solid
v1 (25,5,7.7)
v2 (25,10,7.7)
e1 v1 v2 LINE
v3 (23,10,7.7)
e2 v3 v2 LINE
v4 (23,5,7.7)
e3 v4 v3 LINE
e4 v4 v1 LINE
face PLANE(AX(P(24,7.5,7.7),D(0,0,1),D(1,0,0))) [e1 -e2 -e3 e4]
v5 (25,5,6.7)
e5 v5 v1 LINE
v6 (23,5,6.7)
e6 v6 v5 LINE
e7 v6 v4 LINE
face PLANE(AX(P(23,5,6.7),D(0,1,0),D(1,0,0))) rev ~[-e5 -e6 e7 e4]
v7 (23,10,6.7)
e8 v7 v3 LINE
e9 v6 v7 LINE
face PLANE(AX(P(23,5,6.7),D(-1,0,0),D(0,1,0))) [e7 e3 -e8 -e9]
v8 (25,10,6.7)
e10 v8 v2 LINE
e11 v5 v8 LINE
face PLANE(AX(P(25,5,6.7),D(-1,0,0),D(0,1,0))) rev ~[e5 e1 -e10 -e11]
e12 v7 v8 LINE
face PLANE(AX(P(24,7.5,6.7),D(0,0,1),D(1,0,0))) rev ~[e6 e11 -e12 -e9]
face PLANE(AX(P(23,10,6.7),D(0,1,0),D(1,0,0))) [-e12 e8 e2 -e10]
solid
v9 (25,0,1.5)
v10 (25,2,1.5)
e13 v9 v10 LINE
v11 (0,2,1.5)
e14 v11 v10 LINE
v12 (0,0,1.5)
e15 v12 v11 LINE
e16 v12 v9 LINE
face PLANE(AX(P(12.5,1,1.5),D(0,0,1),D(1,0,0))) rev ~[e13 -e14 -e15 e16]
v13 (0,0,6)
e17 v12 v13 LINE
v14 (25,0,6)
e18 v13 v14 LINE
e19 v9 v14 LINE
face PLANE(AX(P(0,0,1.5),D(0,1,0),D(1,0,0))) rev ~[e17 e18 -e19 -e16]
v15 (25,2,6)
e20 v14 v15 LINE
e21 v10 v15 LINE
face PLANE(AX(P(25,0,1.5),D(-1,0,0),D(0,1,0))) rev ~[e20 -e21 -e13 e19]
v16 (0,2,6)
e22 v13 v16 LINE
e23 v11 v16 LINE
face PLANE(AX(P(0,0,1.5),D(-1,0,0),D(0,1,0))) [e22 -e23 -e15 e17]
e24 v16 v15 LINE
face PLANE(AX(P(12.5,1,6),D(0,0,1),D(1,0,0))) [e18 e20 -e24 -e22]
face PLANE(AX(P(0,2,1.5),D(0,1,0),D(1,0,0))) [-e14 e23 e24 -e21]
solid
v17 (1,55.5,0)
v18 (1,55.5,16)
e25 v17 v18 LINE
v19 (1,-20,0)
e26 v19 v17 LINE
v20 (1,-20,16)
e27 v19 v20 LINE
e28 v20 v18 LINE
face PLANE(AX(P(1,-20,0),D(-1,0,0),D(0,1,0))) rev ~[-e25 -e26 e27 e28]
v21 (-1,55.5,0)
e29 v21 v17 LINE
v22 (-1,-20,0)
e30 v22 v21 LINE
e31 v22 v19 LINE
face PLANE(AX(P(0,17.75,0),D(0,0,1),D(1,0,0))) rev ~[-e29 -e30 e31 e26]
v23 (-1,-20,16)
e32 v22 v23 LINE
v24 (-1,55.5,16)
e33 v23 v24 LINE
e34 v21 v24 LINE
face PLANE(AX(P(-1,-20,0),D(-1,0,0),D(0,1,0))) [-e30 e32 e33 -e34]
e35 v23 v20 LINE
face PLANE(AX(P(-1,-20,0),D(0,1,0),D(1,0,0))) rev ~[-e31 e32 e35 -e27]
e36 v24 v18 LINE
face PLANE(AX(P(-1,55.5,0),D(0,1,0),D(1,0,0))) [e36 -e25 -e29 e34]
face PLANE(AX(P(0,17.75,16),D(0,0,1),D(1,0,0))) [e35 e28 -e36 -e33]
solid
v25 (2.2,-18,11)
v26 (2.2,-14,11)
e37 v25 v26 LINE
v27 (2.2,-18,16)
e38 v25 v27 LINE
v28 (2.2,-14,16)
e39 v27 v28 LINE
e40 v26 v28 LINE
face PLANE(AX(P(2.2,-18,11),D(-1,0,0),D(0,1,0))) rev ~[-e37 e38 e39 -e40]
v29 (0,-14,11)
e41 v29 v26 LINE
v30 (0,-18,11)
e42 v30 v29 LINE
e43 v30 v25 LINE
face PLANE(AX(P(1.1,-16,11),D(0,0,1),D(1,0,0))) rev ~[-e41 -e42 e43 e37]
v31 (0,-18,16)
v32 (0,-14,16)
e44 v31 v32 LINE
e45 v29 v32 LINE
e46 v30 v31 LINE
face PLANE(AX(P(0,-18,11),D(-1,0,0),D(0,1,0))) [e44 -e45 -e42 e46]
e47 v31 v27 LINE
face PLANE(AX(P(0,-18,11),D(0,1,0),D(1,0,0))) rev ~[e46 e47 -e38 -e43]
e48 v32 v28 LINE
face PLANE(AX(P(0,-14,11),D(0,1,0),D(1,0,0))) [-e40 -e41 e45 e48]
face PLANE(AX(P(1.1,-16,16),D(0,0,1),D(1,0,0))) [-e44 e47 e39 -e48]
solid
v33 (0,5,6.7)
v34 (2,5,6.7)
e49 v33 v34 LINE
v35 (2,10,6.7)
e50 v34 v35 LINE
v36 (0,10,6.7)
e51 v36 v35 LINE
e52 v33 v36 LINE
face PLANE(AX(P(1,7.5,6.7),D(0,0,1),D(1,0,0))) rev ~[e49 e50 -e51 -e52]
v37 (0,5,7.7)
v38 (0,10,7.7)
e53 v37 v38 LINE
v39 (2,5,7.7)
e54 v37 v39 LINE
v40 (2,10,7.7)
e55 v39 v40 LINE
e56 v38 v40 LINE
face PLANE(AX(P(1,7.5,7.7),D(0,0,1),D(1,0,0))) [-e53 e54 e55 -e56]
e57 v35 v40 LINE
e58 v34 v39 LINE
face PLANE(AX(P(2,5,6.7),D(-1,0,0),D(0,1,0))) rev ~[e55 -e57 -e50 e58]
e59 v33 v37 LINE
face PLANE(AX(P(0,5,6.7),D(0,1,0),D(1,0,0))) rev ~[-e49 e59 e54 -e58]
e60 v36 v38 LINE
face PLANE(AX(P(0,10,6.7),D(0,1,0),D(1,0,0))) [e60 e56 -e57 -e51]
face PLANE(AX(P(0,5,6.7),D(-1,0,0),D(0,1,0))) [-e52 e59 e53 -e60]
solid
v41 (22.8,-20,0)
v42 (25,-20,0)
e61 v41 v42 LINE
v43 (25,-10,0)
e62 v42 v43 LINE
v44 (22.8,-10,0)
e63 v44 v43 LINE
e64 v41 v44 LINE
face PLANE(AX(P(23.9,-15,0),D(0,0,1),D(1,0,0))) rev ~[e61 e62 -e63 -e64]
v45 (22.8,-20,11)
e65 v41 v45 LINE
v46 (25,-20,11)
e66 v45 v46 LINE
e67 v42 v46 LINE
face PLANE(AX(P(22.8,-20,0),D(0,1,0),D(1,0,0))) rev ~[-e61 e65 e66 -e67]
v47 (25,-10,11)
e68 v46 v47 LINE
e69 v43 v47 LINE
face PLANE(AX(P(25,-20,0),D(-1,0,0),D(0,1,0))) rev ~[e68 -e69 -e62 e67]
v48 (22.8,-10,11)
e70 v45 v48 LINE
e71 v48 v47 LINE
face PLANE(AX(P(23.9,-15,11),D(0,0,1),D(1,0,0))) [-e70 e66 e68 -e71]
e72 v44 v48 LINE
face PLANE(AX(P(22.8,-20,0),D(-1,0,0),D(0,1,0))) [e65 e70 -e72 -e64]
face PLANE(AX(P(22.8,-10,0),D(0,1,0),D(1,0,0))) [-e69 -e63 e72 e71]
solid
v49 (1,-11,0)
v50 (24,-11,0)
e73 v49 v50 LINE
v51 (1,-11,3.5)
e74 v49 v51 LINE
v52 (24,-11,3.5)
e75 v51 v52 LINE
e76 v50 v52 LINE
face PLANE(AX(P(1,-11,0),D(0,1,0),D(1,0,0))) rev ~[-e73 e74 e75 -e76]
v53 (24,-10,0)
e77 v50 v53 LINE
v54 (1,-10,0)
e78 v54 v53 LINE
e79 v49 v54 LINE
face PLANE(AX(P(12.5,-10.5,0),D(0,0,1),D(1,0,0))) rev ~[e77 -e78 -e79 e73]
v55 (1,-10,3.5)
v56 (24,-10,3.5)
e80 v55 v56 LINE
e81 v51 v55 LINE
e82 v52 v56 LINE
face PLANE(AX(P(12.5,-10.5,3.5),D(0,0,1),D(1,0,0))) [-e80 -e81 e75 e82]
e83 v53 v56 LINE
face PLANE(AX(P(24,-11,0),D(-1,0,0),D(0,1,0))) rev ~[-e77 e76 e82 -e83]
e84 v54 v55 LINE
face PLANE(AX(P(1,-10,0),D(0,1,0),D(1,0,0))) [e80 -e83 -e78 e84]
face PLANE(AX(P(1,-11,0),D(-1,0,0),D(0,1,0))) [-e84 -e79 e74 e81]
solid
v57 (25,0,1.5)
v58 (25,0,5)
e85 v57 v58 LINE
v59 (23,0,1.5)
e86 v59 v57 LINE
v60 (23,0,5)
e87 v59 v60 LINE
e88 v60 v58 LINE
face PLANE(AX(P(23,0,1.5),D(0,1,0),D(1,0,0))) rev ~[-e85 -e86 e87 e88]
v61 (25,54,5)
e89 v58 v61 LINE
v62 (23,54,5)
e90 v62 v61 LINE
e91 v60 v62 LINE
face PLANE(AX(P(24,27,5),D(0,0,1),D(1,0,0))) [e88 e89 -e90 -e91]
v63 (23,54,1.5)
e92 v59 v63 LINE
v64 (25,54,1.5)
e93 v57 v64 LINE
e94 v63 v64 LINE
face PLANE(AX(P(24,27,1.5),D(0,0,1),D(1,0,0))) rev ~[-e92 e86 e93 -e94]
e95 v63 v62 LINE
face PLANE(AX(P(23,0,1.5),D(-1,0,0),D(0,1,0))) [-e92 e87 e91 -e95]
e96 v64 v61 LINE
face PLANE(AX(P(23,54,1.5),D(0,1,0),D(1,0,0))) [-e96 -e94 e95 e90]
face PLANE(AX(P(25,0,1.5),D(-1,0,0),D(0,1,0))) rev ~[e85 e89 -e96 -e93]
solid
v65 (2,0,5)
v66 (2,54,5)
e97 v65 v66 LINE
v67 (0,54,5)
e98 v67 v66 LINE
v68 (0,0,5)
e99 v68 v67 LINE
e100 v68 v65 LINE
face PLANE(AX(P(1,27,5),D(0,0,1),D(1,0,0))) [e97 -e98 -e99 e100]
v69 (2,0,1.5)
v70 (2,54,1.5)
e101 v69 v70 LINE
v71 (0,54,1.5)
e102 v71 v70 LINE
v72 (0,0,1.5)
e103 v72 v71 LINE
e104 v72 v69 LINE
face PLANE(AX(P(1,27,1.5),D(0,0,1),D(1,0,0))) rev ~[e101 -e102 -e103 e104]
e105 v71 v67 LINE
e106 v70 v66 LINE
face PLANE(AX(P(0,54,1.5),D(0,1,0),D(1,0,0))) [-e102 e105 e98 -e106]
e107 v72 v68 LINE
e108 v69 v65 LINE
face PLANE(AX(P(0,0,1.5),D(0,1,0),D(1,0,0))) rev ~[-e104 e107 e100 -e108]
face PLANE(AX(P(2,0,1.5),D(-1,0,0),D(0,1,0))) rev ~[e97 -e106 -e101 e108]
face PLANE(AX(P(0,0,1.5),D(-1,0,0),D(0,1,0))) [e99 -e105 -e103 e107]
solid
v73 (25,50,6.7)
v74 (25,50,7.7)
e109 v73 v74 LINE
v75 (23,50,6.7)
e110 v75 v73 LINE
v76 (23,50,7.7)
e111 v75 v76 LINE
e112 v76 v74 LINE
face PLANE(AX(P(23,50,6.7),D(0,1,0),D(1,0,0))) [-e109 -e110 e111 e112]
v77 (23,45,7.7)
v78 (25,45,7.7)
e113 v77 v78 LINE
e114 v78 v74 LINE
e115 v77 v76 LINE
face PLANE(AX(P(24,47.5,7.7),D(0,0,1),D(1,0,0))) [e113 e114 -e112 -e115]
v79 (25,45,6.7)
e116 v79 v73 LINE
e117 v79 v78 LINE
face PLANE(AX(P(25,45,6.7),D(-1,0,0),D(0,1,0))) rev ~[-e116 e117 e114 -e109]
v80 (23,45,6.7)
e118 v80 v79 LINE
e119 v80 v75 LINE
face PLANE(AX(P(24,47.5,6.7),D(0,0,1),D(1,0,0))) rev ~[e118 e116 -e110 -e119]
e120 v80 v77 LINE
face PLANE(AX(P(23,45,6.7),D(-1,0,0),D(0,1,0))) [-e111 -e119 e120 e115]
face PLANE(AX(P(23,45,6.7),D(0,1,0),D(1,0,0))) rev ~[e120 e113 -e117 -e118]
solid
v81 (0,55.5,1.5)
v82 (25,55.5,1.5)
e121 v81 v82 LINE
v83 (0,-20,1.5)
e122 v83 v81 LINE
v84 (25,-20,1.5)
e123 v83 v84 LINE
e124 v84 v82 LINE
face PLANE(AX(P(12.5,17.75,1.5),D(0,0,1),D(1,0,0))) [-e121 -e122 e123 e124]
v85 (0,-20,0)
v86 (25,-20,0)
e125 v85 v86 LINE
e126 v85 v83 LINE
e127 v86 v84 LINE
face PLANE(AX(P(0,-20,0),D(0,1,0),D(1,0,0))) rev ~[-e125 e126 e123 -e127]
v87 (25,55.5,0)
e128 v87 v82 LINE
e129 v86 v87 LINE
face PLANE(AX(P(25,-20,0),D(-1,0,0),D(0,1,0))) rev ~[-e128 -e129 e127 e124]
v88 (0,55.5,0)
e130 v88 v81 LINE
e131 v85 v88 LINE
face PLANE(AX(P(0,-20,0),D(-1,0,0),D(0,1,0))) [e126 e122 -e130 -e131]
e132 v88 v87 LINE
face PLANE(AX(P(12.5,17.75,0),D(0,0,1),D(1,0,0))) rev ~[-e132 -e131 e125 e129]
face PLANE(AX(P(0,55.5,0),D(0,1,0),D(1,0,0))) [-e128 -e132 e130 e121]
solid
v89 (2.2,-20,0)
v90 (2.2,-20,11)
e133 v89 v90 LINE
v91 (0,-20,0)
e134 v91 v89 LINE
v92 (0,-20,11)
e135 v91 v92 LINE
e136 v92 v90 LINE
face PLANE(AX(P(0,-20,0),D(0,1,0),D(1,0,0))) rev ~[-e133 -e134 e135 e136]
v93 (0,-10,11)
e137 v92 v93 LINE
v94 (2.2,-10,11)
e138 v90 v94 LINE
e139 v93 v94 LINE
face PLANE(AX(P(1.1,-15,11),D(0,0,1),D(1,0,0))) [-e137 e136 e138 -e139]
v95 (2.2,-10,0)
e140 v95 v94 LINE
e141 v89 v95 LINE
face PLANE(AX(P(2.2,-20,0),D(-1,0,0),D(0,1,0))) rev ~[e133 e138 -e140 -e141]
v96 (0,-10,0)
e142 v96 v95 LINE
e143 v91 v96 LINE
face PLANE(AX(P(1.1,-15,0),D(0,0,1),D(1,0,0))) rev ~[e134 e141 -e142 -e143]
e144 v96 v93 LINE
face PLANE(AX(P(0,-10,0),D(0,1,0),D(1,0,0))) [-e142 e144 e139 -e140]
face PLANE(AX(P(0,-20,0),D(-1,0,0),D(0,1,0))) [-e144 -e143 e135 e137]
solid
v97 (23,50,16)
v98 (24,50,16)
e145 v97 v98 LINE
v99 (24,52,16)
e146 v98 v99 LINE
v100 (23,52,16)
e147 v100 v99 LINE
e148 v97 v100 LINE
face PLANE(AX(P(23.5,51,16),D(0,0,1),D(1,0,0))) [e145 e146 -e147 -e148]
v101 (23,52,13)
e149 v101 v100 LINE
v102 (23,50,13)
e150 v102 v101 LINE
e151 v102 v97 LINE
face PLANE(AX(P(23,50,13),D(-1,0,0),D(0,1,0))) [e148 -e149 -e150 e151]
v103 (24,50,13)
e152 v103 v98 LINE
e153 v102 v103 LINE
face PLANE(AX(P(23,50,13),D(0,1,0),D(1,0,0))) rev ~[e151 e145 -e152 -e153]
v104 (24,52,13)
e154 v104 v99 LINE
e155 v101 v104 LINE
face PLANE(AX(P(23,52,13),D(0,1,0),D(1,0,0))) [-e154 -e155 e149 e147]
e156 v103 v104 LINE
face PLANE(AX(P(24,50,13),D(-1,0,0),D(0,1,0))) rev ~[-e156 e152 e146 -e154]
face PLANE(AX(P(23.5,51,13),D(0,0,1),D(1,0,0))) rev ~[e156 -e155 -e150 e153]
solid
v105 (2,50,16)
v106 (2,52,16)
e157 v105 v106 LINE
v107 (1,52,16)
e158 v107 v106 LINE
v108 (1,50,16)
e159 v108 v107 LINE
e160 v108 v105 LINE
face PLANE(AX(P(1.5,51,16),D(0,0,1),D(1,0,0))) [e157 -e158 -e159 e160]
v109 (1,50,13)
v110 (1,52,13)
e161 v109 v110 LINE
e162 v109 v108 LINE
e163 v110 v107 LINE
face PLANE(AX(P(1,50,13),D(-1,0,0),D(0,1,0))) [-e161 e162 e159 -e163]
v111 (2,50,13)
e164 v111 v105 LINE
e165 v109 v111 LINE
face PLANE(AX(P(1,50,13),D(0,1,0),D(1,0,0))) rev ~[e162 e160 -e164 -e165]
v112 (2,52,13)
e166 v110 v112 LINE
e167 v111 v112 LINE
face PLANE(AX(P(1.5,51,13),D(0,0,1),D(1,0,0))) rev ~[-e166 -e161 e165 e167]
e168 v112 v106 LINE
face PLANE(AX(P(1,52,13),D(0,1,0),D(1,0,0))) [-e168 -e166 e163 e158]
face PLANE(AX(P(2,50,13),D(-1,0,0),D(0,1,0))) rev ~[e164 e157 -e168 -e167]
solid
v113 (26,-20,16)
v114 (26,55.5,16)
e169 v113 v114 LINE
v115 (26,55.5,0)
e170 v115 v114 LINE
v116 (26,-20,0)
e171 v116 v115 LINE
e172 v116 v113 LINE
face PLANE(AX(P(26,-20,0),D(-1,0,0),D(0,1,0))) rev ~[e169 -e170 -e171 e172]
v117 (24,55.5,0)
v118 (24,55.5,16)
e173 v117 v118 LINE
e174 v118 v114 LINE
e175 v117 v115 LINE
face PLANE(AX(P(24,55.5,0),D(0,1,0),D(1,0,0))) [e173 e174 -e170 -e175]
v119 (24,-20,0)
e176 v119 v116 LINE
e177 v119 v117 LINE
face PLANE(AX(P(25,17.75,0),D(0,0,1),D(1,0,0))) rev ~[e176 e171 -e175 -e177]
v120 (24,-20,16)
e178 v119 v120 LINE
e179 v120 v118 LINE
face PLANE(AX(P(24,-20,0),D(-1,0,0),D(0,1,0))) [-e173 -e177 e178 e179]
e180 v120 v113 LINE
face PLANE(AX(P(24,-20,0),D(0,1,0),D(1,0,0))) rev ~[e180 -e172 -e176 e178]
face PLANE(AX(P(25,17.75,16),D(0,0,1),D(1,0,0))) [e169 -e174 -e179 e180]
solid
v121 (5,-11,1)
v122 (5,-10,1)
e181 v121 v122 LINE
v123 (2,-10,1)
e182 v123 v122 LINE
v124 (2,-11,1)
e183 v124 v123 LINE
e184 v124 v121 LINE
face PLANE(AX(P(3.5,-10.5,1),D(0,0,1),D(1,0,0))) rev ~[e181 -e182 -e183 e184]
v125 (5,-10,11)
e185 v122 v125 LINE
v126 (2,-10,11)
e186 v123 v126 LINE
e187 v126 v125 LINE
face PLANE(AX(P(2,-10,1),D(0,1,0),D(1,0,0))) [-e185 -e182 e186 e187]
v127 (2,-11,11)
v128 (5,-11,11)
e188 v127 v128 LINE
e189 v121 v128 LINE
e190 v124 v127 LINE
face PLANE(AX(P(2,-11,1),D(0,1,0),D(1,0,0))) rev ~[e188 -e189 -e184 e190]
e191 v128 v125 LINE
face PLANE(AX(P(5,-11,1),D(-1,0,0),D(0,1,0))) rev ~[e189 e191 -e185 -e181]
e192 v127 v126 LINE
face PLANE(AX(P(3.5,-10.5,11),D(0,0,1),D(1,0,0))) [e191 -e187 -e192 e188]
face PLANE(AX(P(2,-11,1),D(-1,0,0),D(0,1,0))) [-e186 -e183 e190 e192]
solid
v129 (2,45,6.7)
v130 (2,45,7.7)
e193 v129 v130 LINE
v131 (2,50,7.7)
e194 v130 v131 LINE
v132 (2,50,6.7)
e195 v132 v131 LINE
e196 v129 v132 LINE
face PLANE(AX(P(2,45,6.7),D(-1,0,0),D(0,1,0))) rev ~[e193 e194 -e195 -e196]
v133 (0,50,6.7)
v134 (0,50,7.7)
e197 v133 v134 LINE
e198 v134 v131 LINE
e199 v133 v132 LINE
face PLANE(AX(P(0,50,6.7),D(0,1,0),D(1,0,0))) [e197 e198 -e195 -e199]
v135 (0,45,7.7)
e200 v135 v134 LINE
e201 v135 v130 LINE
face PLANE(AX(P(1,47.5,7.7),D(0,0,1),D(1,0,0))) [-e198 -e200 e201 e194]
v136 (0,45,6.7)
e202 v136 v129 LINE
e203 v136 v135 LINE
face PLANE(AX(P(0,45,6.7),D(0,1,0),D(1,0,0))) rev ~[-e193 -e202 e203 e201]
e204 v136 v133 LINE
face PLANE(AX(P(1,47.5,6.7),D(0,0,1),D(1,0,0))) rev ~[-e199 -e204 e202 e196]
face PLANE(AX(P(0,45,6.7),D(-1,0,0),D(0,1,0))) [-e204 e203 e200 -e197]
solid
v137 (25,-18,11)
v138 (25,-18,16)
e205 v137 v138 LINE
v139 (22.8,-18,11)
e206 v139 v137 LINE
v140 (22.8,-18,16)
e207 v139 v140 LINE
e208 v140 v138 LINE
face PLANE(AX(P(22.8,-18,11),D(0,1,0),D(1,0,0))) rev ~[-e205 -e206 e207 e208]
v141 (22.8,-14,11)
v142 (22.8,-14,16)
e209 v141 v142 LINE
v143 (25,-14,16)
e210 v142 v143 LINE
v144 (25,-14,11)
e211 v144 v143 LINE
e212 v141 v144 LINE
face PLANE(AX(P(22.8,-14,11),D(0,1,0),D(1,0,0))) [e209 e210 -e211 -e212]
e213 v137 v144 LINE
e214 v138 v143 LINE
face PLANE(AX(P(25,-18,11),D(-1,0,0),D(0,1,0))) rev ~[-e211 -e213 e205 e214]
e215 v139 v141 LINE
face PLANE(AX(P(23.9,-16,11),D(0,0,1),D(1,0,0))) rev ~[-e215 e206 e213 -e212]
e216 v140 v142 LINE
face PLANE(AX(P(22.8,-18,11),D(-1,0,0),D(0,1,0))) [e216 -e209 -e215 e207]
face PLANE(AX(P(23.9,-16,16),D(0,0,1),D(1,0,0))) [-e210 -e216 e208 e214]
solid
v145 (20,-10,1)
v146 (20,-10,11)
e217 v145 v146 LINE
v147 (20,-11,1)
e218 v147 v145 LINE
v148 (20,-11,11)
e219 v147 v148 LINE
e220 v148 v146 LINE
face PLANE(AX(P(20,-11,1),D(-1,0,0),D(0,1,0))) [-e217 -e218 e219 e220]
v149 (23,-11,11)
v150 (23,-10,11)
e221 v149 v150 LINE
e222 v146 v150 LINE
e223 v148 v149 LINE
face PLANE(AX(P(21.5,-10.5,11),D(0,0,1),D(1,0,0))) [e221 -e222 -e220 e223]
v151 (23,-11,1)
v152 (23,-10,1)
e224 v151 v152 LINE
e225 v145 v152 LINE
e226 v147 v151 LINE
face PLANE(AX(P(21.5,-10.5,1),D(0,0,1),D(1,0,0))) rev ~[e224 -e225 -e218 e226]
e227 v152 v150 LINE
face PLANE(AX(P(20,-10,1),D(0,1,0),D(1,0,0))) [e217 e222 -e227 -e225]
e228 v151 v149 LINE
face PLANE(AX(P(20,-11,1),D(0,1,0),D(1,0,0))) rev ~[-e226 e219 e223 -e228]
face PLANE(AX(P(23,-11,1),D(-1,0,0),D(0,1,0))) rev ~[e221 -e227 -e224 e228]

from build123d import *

# Parameters (mm, degrees)
BOX_W        = 25
BOX_H        = 75.5
BOX_DEPTH    = 1.5
BOX001_W     = 2
BOX001_H     = 54
BOX001_DEPTH = 3.5
BOX002_W     = 2
BOX002_H     = 75.5
BOX002_DEPTH = 16
BOX005_W     = 2
BOX005_H     = 54
BOX005_DEPTH = 3.5
BOX006_W     = 2
BOX006_H     = 75.5
BOX006_DEPTH = 16
BOX007_W     = 25
BOX007_H     = 2
BOX007_DEPTH = 4.5
BOX008_W     = 2
BOX008_H     = 5
BOX008_DEPTH = 1
BOX009_W     = 2
BOX009_H     = 5
BOX009_DEPTH = 1
BOX012_W     = 2
BOX012_H     = 5
BOX012_DEPTH = 1
BOX014_W     = 2
BOX014_H     = 5
BOX014_DEPTH = 1
BOX015_W     = 2.2
BOX015_H     = 10
BOX015_DEPTH = 11
BOX016_W     = 2.2
BOX016_H     = 10
BOX016_DEPTH = 11
BOX017_W     = 23
BOX017_H     = 1
BOX017_DEPTH = 3.5
BOX018_W     = 2.2
BOX018_H     = 4
BOX018_DEPTH = 5
BOX019_W     = 2.2
BOX019_H     = 4
BOX019_DEPTH = 5
BOX020_W     = 3
BOX020_H     = 1
BOX020_DEPTH = 10
BOX021_W     = 3
BOX021_H     = 1
BOX021_DEPTH = 10
BOX022_W     = 1
BOX022_H     = 2
BOX022_DEPTH = 3
BOX023_W     = 1
BOX023_H     = 2
BOX023_DEPTH = 3


with BuildPart() as kocka:
    # Box → Box (new body)
    with BuildSketch(Plane(origin=(0, -20, 0), x_dir=(1, 0, 0), z_dir=(0, 0, 1))):
        with Locations((12.5, 37.75)):
            Rectangle(BOX_W, BOX_H)
    extrude(amount=BOX_DEPTH)


with BuildPart() as kocka001:
    # Box001 → Box001 (new body)
    with BuildSketch(Plane.XY.offset(1.5)):
        with Locations((1, 27)):
            Rectangle(BOX001_W, BOX001_H)
    extrude(amount=BOX001_DEPTH)


with BuildPart() as kocka002:
    # Box002 → Box002 (new body)
    with BuildSketch(Plane(origin=(-1, -20, 0), x_dir=(1, 0, 0), z_dir=(0, 0, 1))):
        with Locations((1, 37.75)):
            Rectangle(BOX002_W, BOX002_H)
    extrude(amount=BOX002_DEPTH)


with BuildPart() as kocka005:
    # Box005 → Box005 (new body)
    with BuildSketch(Plane(origin=(23, 0, 1.5), x_dir=(1, 0, 0), z_dir=(0, 0, 1))):
        with Locations((1, 27)):
            Rectangle(BOX005_W, BOX005_H)
    extrude(amount=BOX005_DEPTH)


with BuildPart() as kocka006:
    # Box006 → Box006 (new body)
    with BuildSketch(Plane(origin=(24, -20, 0), x_dir=(1, 0, 0), z_dir=(0, 0, 1))):
        with Locations((1, 37.75)):
            Rectangle(BOX006_W, BOX006_H)
    extrude(amount=BOX006_DEPTH)


with BuildPart() as kocka007:
    # Box007 → Box007 (new body)
    with BuildSketch(Plane.XY.offset(1.5)):
        with Locations((12.5, 1)):
            Rectangle(BOX007_W, BOX007_H)
    extrude(amount=BOX007_DEPTH)


with BuildPart() as kocka008:
    # Box008 → Box008 (new body)
    with BuildSketch(Plane(origin=(0, 5, 6.7), x_dir=(1, 0, 0), z_dir=(0, 0, 1))):
        with Locations((1, 2.5)):
            Rectangle(BOX008_W, BOX008_H)
    extrude(amount=BOX008_DEPTH)


with BuildPart() as kocka009:
    # Box009 → Box009 (new body)
    with BuildSketch(Plane(origin=(0, 45, 6.7), x_dir=(1, 0, 0), z_dir=(0, 0, 1))):
        with Locations((1, 2.5)):
            Rectangle(BOX009_W, BOX009_H)
    extrude(amount=BOX009_DEPTH)


with BuildPart() as kocka012:
    # Box012 → Box012 (new body)
    with BuildSketch(Plane(origin=(23, 5, 6.7), x_dir=(1, 0, 0), z_dir=(0, 0, 1))):
        with Locations((1, 2.5)):
            Rectangle(BOX012_W, BOX012_H)
    extrude(amount=BOX012_DEPTH)


with BuildPart() as kocka014:
    # Box014 → Box014 (new body)
    with BuildSketch(Plane(origin=(23, 45, 6.7), x_dir=(1, 0, 0), z_dir=(0, 0, 1))):
        with Locations((1, 2.5)):
            Rectangle(BOX014_W, BOX014_H)
    extrude(amount=BOX014_DEPTH)


with BuildPart() as kocka015:
    # Box015 → Box015 (new body)
    with BuildSketch(Plane(origin=(0, -20, 0), x_dir=(1, 0, 0), z_dir=(0, 0, 1))):
        with Locations((1.1, 5)):
            Rectangle(BOX015_W, BOX015_H)
    extrude(amount=BOX015_DEPTH)


with BuildPart() as kocka016:
    # Box016 → Box016 (new body)
    with BuildSketch(Plane(origin=(22.8, -20, 0), x_dir=(1, 0, 0), z_dir=(0, 0, 1))):
        with Locations((1.1, 5)):
            Rectangle(BOX016_W, BOX016_H)
    extrude(amount=BOX016_DEPTH)


with BuildPart() as kocka017:
    # Box017 → Box017 (new body)
    with BuildSketch(Plane(origin=(1, -11, 0), x_dir=(1, 0, 0), z_dir=(0, 0, 1))):
        with Locations((11.5, 0.5)):
            Rectangle(BOX017_W, BOX017_H)
    extrude(amount=BOX017_DEPTH)


with BuildPart() as kocka018:
    # Box018 → Box018 (new body)
    with BuildSketch(Plane(origin=(0, -18, 11), x_dir=(1, 0, 0), z_dir=(0, 0, 1))):
        with Locations((1.1, 2)):
            Rectangle(BOX018_W, BOX018_H)
    extrude(amount=BOX018_DEPTH)


with BuildPart() as kocka019:
    # Box019 → Box019 (new body)
    with BuildSketch(Plane(origin=(22.8, -18, 11), x_dir=(1, 0, 0), z_dir=(0, 0, 1))):
        with Locations((1.1, 2)):
            Rectangle(BOX019_W, BOX019_H)
    extrude(amount=BOX019_DEPTH)


with BuildPart() as kocka020:
    # Box020 → Box020 (new body)
    with BuildSketch(Plane(origin=(2, -11, 1), x_dir=(1, 0, 0), z_dir=(0, 0, 1))):
        with Locations((1.5, 0.5)):
            Rectangle(BOX020_W, BOX020_H)
    extrude(amount=BOX020_DEPTH)


with BuildPart() as kocka021:
    # Box021 → Box021 (new body)
    with BuildSketch(Plane(origin=(20, -11, 1), x_dir=(1, 0, 0), z_dir=(0, 0, 1))):
        with Locations((1.5, 0.5)):
            Rectangle(BOX021_W, BOX021_H)
    extrude(amount=BOX021_DEPTH)


with BuildPart() as kocka022:
    # Box022 → Box022 (new body)
    with BuildSketch(Plane(origin=(1, 50, 13), x_dir=(1, 0, 0), z_dir=(0, 0, 1))):
        with Locations((0.5, 1)):
            Rectangle(BOX022_W, BOX022_H)
    extrude(amount=BOX022_DEPTH)


with BuildPart() as kocka023:
    # Box023 → Box023 (new body)
    with BuildSketch(Plane(origin=(23, 50, 13), x_dir=(1, 0, 0), z_dir=(0, 0, 1))):
        with Locations((0.5, 1)):
            Rectangle(BOX023_W, BOX023_H)
    extrude(amount=BOX023_DEPTH)


solid = Compound([kocka.part, kocka001.part, kocka002.part, kocka005.part, kocka006.part, kocka007.part, kocka008.part, kocka009.part, kocka012.part, kocka014.part, kocka015.part, kocka016.part, kocka017.part, kocka018.part, kocka019.part, kocka020.part, kocka021.part, kocka022.part, kocka023.part])
